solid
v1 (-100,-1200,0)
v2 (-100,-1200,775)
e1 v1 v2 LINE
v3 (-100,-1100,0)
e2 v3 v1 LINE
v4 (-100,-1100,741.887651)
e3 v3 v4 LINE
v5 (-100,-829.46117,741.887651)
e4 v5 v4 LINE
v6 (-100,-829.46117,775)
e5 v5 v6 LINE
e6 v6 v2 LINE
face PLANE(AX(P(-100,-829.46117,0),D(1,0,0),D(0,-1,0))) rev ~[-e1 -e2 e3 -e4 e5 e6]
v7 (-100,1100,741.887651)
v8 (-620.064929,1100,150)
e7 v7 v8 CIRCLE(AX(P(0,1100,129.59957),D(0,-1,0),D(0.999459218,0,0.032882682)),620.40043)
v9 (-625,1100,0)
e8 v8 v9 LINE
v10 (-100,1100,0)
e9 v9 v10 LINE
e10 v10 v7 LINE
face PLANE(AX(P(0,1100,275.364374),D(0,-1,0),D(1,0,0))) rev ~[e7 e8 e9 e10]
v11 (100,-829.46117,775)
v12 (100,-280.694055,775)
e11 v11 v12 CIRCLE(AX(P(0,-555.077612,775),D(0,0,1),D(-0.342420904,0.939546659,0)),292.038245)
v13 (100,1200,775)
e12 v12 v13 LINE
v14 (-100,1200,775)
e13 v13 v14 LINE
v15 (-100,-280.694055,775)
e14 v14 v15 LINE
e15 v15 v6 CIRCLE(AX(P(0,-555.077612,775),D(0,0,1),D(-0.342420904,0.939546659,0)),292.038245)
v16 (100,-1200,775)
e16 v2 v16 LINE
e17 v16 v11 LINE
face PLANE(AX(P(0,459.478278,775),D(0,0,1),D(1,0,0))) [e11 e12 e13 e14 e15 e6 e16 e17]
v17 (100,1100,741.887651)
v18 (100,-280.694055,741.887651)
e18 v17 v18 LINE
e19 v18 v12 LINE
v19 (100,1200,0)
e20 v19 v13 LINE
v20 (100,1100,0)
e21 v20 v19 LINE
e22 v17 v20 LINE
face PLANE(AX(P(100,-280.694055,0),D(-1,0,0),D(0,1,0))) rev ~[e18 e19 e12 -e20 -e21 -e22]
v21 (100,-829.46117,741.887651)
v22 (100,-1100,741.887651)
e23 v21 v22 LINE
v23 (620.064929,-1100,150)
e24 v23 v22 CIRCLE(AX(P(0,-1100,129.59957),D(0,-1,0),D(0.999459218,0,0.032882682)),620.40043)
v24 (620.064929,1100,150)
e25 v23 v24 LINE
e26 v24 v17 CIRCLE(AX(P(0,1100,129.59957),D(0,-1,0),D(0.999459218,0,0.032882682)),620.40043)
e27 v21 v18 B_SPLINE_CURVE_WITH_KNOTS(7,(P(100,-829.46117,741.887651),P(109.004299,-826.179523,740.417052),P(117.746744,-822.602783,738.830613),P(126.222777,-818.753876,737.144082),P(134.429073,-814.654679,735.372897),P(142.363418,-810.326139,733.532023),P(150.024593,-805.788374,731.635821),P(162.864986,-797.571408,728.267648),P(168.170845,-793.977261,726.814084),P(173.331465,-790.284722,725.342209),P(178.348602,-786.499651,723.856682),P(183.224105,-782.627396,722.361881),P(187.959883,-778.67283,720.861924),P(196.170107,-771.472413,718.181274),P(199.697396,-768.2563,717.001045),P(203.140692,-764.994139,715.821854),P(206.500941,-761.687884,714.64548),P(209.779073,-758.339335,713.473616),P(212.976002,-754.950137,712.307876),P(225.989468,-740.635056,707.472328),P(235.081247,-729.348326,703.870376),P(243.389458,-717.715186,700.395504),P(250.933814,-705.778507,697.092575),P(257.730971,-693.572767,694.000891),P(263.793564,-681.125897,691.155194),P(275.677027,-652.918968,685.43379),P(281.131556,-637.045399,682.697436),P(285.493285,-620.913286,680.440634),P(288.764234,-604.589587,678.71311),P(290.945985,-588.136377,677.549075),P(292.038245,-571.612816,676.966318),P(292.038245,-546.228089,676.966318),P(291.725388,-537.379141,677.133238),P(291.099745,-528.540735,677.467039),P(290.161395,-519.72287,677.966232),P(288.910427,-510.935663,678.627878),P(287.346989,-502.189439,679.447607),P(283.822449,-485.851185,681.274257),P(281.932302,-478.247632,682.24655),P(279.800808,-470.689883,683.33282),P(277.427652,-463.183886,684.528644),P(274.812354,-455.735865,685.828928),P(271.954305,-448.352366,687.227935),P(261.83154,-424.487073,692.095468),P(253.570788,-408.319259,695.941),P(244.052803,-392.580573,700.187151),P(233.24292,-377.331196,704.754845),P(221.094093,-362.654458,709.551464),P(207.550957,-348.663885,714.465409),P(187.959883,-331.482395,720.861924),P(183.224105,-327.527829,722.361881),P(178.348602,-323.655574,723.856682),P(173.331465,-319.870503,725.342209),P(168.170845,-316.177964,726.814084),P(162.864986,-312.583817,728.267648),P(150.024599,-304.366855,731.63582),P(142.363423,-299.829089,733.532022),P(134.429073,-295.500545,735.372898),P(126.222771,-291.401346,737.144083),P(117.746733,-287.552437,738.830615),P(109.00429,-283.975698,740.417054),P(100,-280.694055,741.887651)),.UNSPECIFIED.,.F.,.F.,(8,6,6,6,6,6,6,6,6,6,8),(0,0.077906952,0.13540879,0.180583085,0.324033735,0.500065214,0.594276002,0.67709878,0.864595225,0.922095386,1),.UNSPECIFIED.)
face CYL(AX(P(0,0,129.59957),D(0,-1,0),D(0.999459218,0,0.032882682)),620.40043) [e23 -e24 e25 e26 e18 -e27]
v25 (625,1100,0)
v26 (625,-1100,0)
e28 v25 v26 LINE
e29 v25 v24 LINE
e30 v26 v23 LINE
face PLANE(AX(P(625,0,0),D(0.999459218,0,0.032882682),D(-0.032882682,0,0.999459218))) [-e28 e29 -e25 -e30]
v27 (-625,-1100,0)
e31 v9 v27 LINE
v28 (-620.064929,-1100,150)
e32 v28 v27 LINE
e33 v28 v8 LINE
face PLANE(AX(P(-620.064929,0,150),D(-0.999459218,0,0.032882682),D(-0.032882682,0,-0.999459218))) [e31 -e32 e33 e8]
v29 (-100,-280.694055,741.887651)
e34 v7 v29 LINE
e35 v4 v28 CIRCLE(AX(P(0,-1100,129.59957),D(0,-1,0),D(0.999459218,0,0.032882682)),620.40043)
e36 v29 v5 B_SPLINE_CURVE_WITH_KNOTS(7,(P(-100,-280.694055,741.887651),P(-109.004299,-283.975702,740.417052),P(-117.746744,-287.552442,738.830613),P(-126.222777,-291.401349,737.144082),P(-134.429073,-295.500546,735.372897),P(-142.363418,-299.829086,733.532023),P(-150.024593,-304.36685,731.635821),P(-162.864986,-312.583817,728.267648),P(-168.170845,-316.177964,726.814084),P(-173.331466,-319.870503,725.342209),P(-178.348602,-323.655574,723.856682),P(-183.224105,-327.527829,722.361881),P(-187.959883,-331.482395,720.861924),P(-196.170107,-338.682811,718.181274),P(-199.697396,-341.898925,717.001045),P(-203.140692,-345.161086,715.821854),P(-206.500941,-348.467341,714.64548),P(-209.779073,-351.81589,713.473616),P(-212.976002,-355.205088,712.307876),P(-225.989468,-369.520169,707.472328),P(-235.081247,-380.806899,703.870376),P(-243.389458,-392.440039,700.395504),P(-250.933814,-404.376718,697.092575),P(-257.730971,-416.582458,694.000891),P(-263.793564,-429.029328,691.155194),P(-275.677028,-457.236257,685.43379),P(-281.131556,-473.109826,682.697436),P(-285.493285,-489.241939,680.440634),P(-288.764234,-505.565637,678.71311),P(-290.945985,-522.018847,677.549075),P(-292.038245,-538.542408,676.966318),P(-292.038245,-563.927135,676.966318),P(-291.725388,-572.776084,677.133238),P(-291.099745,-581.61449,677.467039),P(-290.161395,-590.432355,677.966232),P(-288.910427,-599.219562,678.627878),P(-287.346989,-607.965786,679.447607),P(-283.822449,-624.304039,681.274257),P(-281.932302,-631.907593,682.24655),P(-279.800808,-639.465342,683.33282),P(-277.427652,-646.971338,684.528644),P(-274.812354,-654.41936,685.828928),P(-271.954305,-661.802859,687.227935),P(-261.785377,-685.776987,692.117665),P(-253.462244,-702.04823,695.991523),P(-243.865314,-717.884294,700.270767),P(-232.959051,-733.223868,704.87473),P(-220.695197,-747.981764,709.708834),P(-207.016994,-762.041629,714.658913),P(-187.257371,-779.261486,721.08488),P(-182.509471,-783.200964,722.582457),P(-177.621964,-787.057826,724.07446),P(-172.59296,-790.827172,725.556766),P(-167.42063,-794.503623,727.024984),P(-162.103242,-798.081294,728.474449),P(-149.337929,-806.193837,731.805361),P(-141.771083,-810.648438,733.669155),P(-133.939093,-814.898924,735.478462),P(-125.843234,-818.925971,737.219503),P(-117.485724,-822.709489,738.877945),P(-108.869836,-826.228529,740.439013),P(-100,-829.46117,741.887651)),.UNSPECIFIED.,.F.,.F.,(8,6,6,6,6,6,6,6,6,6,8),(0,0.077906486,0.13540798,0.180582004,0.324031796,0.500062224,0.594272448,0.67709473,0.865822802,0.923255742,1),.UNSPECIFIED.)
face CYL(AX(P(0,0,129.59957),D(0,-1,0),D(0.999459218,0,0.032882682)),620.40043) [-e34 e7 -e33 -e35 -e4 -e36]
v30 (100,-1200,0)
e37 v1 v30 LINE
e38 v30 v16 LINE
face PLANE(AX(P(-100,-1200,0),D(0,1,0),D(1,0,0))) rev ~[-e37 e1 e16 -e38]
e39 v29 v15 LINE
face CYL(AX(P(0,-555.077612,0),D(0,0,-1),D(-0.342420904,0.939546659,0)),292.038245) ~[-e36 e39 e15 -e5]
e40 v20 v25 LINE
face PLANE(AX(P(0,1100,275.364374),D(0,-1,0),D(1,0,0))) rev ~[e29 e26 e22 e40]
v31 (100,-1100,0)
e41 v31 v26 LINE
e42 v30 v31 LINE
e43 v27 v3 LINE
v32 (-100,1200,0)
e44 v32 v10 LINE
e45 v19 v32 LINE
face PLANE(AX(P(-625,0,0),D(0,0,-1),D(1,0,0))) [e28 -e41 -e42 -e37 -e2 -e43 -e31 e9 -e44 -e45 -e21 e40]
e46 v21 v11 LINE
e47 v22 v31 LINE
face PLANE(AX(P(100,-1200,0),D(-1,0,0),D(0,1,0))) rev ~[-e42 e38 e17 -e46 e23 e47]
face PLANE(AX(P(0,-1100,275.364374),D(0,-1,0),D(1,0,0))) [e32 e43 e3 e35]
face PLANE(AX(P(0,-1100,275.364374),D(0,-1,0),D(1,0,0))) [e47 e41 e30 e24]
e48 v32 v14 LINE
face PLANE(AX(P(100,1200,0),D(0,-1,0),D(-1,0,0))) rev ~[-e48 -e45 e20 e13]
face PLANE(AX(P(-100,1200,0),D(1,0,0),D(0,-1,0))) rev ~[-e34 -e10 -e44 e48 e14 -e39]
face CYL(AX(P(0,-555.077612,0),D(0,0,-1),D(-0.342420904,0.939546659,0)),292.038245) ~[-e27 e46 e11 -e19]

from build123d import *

# Parameters (mm, degrees)
F1_DEPTH = 1100
F3_DEPTH = 775


with BuildPart() as f1:
    # F0 (on Front) → F1 (new body, symmetric)
    with BuildSketch(Plane.XZ):
        with BuildLine():
            ThreePointArc((0, 750), (-431.4164218185, 575.4432248237), (-620.0649289055, 150))
            Line((-620.0649289055, 150), (-625, 0))
            Line((-625, 0), (0, 0))
            Line((0, 0), (625, 0))
            Line((625, 0), (620.0649289055, 150))
            ThreePointArc((620.0649289055, 150), (431.4164218185, 575.4432248237), (0, 750))
        make_face()
    extrude(amount=F1_DEPTH, both=True)

    # F2 (on Top) → F3 (join)
    with BuildSketch(Plane.XY):
        with BuildLine():
            Line((100, -280.6940547423), (100, 1200))
            Line((100, 1200), (-100, 1200))
            Line((-100, 1200), (-100, -280.6940547423))
            ThreePointArc((-100, -280.6940547423), (0, -263.0393671086), (100, -280.6940547423))
        make_face()
        with BuildLine():
            ThreePointArc((292.0382452915, -555.0776124001), (239.2594420729, -387.6223763162), (100, -280.6940547423))
            Line((100, -280.6940547423), (100, -829.4611700578))
            ThreePointArc((100, -829.4611700578), (239.2594420729, -722.5328484839), (292.0382452915, -555.0776124001))
        make_face()
        with BuildLine():
            Line((100, -829.4611700578), (100, -280.6940547423))
            ThreePointArc((100, -280.6940547423), (0, -263.0393671086), (-100, -280.6940547423))
            Line((-100, -280.6940547423), (-100, -829.4611700578))
            ThreePointArc((-100, -829.4611700578), (0, -847.1158576915), (100, -829.4611700578))
        make_face()
        with BuildLine():
            Line((-100, -829.4611700578), (-100, -280.6940547423))
            ThreePointArc((-100, -280.6940547423), (-292.0382452915, -555.0776124001), (-100, -829.4611700578))
        make_face()
        with BuildLine():
            Line((100, -1200), (100, -829.4611700578))
            ThreePointArc((100, -829.4611700578), (0, -847.1158576915), (-100, -829.4611700578))
            Line((-100, -829.4611700578), (-100, -1200))
            Line((-100, -1200), (100, -1200))
        make_face()
    extrude(amount=F3_DEPTH)


solid = f1.part
